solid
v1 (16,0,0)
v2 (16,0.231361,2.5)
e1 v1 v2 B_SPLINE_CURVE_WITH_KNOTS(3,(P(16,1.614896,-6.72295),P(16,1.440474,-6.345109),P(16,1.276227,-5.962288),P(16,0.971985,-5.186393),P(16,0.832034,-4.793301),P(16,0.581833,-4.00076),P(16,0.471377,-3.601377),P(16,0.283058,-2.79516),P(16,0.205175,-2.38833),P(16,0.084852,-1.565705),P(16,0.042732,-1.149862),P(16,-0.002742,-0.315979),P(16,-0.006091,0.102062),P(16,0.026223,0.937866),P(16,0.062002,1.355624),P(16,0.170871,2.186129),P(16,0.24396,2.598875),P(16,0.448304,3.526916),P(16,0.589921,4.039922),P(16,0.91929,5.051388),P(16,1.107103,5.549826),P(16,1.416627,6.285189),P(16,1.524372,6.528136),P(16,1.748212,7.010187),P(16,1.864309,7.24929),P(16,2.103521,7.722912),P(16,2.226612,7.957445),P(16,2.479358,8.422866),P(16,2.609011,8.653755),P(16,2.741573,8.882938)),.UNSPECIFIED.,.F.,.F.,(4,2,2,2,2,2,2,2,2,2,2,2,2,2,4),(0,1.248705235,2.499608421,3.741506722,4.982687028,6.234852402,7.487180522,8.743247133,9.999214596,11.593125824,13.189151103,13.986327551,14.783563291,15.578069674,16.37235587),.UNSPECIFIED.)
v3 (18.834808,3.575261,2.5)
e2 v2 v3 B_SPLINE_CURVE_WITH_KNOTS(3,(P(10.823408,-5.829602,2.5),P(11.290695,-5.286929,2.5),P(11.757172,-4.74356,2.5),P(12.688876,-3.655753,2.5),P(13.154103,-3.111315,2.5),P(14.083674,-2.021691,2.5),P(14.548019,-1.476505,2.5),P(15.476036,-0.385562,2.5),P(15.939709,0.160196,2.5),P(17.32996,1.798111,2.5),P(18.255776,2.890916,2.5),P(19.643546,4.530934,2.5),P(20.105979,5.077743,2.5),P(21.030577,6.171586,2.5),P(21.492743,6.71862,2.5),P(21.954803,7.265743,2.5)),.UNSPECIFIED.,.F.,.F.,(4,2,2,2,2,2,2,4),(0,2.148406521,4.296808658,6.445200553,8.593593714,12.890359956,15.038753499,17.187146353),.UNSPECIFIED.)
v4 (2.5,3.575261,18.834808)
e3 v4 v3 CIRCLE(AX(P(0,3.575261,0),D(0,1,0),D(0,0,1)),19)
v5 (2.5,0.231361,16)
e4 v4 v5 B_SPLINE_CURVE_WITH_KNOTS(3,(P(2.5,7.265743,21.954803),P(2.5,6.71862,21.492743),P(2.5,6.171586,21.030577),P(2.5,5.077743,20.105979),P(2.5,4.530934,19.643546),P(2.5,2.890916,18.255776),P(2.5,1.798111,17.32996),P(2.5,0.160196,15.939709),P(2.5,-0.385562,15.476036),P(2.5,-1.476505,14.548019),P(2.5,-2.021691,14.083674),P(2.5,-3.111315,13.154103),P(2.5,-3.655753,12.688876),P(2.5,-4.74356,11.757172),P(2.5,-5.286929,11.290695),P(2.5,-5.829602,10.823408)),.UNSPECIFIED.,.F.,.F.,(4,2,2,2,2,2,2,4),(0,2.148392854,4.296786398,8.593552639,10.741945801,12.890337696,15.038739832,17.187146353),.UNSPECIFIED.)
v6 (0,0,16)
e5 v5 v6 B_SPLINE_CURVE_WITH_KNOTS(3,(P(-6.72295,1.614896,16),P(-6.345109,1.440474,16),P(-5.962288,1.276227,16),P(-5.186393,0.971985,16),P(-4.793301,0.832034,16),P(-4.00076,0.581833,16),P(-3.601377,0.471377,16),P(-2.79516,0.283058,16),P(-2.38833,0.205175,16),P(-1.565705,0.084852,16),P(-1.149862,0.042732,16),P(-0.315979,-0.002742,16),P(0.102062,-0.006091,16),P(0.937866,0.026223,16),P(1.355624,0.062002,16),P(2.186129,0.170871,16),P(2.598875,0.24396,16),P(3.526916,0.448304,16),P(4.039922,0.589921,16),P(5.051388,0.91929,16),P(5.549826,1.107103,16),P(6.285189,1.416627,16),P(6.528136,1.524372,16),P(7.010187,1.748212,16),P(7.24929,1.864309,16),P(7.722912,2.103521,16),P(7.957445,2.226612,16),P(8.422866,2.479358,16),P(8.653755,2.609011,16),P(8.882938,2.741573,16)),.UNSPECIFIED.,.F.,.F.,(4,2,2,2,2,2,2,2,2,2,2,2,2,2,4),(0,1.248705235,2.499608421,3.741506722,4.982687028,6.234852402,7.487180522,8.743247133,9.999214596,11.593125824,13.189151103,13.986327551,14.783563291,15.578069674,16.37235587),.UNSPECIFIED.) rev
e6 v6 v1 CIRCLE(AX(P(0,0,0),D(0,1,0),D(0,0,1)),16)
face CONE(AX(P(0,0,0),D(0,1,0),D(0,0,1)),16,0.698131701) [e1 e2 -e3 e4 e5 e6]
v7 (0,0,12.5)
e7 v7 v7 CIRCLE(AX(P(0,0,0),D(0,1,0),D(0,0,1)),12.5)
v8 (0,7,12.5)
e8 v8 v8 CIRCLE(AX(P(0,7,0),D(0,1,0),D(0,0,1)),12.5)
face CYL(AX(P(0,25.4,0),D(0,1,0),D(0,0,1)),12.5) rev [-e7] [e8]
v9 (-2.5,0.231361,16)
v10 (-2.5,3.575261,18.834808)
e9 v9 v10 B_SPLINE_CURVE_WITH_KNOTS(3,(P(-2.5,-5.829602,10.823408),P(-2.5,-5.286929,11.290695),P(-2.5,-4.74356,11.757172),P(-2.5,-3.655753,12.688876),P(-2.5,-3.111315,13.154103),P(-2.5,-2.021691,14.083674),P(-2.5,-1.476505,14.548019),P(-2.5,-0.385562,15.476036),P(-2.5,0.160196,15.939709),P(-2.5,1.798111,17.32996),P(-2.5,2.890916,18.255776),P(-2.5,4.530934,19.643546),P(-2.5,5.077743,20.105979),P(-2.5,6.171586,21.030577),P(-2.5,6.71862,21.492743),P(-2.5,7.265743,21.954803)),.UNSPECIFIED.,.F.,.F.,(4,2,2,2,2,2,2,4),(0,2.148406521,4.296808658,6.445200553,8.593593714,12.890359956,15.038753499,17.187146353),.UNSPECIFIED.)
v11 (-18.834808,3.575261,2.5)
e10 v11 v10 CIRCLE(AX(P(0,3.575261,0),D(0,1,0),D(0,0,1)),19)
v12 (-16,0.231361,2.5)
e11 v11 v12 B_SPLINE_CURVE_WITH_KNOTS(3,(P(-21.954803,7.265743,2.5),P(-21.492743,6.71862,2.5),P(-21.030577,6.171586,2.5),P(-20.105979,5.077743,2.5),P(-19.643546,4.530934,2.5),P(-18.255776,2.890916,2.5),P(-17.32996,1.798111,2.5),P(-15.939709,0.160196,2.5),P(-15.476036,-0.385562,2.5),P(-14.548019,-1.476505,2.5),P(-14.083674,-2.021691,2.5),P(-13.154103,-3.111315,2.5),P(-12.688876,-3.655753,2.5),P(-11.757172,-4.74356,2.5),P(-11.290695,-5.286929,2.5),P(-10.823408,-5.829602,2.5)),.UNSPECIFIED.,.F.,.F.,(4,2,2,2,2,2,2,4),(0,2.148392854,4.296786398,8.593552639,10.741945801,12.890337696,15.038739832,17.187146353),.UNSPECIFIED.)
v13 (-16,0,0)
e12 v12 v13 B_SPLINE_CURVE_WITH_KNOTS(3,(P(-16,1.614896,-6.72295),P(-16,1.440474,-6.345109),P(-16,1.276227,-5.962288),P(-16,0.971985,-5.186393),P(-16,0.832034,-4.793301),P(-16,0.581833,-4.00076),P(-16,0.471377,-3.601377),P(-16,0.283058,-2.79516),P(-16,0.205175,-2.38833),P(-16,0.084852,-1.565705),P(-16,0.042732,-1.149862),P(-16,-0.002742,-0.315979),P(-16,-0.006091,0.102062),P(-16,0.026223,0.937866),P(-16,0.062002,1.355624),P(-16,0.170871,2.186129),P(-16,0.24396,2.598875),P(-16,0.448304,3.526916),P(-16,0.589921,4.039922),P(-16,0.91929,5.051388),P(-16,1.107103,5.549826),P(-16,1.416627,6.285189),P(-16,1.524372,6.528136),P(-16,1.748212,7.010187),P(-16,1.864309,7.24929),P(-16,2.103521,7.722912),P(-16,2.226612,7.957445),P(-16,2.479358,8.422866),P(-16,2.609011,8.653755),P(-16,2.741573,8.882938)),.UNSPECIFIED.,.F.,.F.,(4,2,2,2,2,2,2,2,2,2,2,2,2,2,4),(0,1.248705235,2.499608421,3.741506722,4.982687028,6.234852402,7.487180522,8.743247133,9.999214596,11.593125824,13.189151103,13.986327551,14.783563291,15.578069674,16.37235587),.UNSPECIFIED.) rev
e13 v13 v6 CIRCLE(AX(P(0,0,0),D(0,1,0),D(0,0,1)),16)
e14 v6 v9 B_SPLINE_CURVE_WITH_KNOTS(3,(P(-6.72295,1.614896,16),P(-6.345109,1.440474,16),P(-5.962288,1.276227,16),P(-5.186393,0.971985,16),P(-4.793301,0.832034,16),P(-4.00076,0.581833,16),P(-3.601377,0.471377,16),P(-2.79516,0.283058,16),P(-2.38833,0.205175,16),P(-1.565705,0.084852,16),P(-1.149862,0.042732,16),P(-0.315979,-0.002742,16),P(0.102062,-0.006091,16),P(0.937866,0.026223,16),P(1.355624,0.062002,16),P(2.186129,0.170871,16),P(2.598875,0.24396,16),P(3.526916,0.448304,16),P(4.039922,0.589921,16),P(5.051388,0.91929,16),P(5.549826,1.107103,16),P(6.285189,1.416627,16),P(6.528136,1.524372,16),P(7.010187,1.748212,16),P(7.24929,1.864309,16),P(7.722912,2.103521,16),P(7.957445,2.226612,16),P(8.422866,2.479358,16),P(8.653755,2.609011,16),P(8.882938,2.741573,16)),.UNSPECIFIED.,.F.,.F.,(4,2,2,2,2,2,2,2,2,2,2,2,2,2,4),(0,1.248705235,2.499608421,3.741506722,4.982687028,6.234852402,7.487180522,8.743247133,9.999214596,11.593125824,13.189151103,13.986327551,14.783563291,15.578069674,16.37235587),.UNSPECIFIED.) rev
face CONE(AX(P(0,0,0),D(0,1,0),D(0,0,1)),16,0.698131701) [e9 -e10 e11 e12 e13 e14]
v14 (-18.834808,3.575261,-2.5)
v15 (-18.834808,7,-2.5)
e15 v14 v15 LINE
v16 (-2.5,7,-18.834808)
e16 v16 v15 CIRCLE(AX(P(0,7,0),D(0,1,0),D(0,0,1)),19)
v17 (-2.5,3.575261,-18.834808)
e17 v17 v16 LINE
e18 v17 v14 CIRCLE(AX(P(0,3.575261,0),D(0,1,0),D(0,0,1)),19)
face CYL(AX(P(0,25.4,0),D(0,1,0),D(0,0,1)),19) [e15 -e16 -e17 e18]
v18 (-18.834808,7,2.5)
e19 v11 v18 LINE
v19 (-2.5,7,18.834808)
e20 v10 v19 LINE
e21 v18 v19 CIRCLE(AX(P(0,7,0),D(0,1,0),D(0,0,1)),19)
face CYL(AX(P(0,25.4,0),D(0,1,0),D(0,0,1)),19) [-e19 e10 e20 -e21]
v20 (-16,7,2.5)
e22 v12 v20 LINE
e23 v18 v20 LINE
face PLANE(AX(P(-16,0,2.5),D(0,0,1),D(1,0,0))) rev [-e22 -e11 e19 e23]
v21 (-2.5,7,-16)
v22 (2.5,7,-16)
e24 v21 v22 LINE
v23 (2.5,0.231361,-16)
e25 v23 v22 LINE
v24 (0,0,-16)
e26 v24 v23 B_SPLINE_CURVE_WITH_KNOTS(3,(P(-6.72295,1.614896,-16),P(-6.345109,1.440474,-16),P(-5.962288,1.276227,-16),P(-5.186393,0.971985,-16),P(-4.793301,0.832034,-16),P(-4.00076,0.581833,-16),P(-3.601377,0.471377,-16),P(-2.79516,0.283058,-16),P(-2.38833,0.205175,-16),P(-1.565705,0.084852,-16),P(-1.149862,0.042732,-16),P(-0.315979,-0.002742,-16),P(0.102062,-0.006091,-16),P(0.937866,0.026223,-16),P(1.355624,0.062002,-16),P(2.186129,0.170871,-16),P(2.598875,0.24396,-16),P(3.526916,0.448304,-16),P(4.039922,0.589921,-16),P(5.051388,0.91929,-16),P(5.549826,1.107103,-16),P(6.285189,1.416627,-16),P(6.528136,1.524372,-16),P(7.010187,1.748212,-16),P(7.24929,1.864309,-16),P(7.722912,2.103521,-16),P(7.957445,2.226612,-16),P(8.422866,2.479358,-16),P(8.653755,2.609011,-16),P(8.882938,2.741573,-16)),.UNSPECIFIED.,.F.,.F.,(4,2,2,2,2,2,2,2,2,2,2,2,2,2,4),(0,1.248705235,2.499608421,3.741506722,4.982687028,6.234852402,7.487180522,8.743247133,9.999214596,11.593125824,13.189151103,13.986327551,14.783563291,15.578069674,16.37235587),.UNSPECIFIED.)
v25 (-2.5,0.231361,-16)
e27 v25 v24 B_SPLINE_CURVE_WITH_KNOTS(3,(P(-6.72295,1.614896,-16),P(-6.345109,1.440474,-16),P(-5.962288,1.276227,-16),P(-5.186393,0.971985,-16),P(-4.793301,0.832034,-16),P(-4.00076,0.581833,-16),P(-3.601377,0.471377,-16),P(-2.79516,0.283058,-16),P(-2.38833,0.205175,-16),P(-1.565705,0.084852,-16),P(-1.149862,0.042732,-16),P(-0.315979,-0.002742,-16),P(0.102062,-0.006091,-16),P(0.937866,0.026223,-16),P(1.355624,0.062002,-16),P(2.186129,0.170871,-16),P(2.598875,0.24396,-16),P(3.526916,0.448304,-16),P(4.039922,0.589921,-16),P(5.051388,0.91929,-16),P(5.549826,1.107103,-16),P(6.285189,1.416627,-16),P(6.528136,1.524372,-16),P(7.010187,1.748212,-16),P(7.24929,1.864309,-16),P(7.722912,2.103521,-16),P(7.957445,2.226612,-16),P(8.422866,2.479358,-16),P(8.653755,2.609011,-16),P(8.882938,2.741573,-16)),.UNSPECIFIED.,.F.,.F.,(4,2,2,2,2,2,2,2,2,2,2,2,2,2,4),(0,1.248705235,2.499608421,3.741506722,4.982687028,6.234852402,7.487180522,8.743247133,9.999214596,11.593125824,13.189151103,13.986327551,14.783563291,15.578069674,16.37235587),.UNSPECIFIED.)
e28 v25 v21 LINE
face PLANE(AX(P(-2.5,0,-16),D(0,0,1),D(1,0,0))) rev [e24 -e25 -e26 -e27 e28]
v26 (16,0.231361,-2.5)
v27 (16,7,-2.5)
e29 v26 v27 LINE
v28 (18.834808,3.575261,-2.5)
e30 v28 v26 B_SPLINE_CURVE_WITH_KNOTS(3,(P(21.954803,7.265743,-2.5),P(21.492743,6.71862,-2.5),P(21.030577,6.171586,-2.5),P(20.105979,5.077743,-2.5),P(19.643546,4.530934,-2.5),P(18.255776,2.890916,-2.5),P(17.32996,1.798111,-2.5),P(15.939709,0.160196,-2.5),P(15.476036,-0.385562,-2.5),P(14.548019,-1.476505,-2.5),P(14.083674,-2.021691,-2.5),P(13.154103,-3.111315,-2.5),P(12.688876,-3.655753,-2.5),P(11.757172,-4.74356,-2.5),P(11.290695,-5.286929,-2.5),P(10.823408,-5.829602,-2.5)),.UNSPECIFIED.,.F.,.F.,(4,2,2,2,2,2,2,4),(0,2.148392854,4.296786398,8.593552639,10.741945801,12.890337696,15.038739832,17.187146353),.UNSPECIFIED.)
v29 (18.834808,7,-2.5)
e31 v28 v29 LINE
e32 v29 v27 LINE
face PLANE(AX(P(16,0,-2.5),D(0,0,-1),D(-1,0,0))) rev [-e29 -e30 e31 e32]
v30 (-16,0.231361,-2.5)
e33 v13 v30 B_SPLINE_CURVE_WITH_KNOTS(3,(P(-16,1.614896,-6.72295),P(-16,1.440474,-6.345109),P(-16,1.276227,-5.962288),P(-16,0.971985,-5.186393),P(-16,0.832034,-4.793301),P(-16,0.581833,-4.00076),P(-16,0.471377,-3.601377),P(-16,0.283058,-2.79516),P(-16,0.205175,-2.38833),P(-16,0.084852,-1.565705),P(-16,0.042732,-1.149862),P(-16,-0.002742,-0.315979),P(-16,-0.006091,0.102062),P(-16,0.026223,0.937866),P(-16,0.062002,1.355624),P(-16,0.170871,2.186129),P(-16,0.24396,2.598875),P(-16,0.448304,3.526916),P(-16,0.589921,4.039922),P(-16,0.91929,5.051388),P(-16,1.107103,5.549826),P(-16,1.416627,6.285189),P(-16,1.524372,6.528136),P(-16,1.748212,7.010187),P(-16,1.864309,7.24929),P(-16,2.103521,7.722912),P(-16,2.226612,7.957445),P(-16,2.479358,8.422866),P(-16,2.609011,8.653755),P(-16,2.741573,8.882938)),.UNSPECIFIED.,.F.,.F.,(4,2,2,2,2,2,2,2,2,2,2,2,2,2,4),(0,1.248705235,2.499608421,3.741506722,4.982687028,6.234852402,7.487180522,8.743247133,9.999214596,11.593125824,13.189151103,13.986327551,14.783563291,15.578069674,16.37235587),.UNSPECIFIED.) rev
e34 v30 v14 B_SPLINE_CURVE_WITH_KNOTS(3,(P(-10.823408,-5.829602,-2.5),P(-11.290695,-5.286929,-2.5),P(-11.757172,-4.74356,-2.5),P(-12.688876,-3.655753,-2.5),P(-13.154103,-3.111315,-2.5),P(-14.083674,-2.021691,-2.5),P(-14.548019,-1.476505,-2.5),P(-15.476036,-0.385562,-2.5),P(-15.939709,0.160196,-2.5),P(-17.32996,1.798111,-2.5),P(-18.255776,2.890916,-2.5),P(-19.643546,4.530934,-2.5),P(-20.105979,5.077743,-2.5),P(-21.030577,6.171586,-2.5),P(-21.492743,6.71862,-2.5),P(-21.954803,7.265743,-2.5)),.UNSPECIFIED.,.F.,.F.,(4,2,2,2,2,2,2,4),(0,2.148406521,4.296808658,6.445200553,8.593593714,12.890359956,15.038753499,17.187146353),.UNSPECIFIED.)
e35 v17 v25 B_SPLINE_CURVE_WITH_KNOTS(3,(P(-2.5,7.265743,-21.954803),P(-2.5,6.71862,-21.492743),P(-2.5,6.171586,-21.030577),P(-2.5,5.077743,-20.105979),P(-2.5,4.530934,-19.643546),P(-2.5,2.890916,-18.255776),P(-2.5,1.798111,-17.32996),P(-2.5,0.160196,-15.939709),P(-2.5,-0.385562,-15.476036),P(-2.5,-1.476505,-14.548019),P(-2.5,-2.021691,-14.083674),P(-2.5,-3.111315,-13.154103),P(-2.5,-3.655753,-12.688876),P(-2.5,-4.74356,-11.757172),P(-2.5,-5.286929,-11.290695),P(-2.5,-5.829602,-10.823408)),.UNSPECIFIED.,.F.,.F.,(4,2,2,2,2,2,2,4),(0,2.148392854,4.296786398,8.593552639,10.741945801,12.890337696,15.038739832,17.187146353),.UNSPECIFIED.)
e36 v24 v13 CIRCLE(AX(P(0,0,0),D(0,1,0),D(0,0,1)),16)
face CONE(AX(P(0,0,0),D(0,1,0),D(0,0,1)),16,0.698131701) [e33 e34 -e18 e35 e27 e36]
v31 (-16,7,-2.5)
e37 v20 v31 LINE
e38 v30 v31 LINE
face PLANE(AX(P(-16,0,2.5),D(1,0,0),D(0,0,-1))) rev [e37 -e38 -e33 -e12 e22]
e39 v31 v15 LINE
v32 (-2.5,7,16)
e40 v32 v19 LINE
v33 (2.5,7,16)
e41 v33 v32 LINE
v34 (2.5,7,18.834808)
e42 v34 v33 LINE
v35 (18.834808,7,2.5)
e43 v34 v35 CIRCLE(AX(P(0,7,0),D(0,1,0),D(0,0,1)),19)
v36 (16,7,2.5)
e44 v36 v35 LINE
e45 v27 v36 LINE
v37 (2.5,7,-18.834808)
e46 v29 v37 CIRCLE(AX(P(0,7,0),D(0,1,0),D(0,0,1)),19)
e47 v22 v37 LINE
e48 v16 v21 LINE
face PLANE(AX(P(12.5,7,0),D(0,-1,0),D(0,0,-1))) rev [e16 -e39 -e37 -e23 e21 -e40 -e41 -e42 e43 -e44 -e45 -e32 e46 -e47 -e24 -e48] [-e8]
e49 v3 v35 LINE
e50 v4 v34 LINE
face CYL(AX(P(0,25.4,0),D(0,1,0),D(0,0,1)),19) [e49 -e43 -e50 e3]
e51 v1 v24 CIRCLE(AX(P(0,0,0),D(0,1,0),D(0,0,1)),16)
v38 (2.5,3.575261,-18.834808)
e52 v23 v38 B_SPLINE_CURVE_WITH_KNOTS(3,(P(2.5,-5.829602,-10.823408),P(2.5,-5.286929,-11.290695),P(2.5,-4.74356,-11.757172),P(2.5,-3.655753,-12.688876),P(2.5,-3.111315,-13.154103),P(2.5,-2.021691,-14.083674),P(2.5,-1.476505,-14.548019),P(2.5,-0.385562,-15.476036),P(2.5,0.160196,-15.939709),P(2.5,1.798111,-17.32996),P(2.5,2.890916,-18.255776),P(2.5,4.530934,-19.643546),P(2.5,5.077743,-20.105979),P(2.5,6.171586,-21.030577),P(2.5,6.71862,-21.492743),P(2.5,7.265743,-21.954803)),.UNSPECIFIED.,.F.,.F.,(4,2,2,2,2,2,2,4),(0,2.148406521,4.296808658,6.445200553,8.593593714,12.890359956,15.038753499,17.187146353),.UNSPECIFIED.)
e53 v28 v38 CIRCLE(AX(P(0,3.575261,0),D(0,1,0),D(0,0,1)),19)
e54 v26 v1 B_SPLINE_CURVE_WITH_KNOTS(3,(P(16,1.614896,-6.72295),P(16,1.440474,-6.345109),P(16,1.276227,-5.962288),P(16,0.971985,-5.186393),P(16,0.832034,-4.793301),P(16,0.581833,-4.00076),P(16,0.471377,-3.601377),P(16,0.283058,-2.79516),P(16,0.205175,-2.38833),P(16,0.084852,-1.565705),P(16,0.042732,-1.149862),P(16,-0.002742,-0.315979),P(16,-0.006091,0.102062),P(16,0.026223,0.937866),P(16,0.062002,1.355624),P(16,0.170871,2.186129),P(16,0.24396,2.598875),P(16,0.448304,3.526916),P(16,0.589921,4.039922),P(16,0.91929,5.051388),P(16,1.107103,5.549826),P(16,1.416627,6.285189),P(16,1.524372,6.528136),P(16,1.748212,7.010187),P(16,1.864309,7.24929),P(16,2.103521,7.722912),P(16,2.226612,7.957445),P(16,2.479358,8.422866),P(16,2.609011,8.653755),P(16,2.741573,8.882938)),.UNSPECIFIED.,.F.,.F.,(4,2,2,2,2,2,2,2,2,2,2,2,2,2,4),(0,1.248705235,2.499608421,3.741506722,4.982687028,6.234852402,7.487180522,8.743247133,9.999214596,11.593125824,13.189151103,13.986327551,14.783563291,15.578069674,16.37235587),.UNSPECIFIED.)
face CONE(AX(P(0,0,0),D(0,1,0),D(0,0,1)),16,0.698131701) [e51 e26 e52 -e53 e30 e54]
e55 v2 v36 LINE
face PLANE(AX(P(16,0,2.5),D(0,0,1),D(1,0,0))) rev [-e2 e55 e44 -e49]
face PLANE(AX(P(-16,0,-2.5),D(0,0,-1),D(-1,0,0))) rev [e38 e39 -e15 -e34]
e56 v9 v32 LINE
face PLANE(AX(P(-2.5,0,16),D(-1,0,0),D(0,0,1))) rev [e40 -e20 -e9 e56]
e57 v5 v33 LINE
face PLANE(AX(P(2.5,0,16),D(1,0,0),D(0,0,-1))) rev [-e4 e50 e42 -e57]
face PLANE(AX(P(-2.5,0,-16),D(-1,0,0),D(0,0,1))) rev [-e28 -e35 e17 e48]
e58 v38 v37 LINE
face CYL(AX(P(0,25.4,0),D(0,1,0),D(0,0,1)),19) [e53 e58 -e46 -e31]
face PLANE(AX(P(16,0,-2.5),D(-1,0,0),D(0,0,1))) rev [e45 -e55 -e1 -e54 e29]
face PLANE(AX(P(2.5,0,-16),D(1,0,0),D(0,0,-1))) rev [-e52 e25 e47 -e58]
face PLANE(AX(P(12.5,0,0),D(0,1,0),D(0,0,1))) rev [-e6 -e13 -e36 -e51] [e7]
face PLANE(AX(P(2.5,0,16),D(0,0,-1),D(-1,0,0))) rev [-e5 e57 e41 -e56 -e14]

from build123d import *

# Parameters (mm, degrees)
NOTCH_DEPTH       = 28.766886754
CIRPATTERN1_COUNT = 4


with BuildPart() as part:
    # Profile → Nut (revolve)
    with BuildSketch(Plane.XY):
        Polygon((12.5, 7), (12.5, 0), (16, 0), (19, 3.575260778), (19, 7), align=None)
    revolve(axis=Axis((0, 25.4, 0), (0, -1, 0)))

    # Cut → Notch (cut, through all)
    with BuildSketch(Plane(origin=(0, 7, 0), x_dir=(-1, 0, 0), z_dir=(0, 1, 0))):
        with BuildLine():
            Line((2.5, -16), (-2.5, -16))
            Line((-2.5, -16), (-2.5, -18.834808202))
            ThreePointArc((-2.5, -18.834808202), (0, -19), (2.5, -18.834808202))
            Line((2.5, -18.834808202), (2.5, -16))
        make_face()
    notch = extrude(amount=-NOTCH_DEPTH, mode=Mode.SUBTRACT)

    # CirPattern1: Notch ×4 about axis
    cirpattern1_axis = Axis((0, -9.659760956, 0), (0, 1, 0))
    for i in range(1, CIRPATTERN1_COUNT):
        add(notch.rotate(cirpattern1_axis, i * 360 / CIRPATTERN1_COUNT), mode=Mode.SUBTRACT)


solid = part.part
